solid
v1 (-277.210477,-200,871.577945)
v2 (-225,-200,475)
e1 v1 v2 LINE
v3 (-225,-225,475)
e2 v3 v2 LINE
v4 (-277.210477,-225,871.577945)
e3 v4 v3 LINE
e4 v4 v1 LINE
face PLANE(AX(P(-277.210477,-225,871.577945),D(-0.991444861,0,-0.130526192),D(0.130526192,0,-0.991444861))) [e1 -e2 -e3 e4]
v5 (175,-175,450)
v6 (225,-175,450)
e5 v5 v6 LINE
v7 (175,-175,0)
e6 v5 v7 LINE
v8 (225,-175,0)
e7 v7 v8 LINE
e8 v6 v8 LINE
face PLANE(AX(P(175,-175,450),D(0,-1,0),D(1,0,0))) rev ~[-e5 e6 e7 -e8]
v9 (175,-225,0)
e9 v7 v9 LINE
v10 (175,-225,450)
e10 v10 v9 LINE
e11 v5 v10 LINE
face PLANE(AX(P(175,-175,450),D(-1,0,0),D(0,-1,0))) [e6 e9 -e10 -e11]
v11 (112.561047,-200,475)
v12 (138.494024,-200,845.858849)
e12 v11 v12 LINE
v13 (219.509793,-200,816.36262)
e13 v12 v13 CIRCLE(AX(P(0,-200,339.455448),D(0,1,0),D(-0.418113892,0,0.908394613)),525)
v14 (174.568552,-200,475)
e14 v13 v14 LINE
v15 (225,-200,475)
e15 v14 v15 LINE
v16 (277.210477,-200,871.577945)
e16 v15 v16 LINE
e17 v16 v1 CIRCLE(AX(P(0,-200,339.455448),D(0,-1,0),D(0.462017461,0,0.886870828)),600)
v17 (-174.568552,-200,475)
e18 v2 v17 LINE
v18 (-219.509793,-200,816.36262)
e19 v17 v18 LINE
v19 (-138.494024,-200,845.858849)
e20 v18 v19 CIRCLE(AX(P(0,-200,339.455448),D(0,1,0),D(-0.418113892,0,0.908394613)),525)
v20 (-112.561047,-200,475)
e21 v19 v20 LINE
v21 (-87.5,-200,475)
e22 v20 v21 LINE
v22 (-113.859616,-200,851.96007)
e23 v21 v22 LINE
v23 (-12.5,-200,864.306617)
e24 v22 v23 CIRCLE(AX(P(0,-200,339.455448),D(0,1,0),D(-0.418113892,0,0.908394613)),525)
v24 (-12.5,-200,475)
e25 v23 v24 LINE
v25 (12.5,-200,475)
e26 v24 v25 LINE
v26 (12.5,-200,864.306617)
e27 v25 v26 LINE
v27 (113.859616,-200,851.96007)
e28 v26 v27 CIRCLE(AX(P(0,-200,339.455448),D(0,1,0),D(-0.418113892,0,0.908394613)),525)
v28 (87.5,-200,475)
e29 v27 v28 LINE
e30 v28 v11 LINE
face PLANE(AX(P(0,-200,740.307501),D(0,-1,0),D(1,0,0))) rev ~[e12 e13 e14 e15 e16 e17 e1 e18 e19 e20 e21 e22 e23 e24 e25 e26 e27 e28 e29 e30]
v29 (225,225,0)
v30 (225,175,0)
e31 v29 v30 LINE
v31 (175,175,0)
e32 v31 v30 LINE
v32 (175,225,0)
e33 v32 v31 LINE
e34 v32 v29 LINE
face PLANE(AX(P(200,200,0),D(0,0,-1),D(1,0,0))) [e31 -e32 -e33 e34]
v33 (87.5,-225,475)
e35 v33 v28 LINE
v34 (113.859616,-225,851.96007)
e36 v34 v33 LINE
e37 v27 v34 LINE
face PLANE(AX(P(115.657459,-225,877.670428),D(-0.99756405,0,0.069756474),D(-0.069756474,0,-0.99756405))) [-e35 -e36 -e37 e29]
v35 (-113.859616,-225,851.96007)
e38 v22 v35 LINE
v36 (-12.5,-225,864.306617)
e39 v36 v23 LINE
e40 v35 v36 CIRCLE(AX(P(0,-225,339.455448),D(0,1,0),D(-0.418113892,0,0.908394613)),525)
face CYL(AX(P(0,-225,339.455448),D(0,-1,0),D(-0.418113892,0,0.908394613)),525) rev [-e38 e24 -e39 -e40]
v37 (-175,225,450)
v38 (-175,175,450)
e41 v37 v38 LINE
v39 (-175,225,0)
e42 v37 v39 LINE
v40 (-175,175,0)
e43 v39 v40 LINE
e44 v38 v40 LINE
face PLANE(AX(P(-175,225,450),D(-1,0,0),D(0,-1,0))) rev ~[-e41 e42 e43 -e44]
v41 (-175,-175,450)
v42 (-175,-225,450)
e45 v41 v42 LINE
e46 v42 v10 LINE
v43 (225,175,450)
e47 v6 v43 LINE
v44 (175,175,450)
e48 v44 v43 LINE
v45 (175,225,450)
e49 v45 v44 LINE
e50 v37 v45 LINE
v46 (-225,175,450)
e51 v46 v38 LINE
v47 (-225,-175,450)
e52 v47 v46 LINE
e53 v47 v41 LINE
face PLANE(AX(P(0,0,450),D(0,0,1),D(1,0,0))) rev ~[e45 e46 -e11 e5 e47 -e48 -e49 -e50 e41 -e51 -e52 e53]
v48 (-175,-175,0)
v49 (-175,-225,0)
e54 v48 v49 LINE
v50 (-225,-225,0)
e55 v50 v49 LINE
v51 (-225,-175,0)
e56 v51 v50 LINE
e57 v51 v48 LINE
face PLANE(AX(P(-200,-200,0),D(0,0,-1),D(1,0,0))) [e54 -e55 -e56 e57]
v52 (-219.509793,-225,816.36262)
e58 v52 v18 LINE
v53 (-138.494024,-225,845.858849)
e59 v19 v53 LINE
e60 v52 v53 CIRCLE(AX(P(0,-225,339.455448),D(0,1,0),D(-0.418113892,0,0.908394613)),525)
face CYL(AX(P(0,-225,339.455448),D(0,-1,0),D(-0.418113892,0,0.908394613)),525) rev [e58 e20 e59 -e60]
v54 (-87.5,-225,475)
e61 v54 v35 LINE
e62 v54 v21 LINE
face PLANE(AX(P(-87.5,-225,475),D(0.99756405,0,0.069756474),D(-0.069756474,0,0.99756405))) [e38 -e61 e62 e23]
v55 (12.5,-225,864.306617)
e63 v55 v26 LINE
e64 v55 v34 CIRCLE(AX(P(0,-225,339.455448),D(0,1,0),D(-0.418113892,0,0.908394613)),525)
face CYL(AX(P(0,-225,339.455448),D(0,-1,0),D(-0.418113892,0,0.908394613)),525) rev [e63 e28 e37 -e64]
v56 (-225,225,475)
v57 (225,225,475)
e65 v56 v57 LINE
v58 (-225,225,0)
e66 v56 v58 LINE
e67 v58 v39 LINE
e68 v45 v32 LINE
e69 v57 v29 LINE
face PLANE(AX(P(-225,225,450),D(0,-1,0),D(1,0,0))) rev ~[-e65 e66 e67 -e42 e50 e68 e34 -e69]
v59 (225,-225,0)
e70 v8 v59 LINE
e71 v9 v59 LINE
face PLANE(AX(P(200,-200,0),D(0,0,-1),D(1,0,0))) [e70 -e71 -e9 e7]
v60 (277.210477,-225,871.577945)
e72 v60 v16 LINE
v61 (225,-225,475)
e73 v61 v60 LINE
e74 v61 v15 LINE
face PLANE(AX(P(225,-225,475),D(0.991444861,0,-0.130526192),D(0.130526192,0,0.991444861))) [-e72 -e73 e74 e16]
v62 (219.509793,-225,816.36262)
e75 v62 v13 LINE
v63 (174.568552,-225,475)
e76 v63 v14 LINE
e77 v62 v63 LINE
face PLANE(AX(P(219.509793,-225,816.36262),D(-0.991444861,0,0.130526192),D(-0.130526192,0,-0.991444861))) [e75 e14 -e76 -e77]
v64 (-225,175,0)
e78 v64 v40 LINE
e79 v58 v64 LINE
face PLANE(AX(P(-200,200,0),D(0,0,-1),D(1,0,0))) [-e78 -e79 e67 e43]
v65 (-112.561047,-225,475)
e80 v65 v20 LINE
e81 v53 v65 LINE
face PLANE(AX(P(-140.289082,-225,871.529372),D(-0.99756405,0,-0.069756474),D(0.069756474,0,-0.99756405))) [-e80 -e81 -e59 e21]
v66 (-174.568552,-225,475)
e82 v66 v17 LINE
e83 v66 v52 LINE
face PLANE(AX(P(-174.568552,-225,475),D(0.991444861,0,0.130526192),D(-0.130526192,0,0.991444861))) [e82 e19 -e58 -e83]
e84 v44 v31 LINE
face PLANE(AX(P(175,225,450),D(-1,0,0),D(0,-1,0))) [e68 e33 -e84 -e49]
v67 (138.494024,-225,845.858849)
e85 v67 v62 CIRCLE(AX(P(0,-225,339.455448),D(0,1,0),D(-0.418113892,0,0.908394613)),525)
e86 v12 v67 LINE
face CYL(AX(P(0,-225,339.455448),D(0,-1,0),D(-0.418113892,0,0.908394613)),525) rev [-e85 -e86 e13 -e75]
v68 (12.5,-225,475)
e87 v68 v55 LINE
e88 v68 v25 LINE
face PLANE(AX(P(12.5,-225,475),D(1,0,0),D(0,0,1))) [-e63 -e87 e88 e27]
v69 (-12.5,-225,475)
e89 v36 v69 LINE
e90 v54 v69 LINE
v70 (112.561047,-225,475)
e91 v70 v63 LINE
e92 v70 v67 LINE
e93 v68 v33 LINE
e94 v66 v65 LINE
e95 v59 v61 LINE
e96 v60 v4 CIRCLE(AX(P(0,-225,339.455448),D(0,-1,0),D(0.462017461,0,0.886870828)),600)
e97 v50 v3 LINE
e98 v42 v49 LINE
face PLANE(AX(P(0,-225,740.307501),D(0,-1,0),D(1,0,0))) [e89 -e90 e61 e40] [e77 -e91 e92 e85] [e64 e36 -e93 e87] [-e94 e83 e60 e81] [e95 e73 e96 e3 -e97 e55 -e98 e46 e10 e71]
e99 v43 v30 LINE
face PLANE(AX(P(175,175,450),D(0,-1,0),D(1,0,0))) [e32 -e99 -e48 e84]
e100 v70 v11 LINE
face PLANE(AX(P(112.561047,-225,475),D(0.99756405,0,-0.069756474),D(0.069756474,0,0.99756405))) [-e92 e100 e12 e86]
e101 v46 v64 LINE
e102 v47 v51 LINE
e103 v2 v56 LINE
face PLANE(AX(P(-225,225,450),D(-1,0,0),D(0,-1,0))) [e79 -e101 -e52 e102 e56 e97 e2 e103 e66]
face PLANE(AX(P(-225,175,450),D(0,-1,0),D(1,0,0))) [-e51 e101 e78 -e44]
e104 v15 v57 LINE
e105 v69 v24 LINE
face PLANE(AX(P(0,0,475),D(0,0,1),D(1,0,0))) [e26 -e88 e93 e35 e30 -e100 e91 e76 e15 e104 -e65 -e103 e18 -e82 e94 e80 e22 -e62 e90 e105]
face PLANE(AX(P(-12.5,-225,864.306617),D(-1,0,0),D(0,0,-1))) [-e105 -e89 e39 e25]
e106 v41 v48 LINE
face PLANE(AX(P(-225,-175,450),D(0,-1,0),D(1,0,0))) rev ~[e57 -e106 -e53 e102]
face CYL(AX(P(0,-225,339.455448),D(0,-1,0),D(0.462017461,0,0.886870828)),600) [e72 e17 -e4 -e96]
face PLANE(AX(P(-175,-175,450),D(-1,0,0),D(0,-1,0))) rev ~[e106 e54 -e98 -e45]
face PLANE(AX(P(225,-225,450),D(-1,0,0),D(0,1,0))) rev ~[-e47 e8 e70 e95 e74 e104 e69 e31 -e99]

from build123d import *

# Parameters (mm, degrees)
F1_W     = 450
F1_H     = 450
F2_DEPTH = 25
F3_W     = 50
F3_H     = 50
F4_DEPTH = 450
F6_DEPTH = 25
F8_DEPTH = 25


with BuildPart() as f2:
    # F1 (on offset) → F2 (new body)
    with BuildSketch(Plane.XY.offset(450)):
        Rectangle(F1_W, F1_H)
    extrude(amount=F2_DEPTH)

    # F3 (on face) → F4 (join, through all)
    with BuildSketch(Plane(origin=(0, 0, 450), x_dir=(1, 0, 0), z_dir=(0, 0, -1))):
        with Locations((-200, -200)):
            Rectangle(F3_W, F3_H)
        with Locations((-200, 200)):
            Rectangle(F3_W, F3_H)
        with Locations((200, -200)):
            Rectangle(F3_W, F3_H)
        with Locations((200, 200)):
            Rectangle(F3_W, F3_H)
    extrude(amount=F4_DEPTH)

    # F5 (on face) → F6 (join)
    with BuildSketch(Plane.XZ.offset(225)):
        with BuildLine():
            Line((-277.210476888, 871.5779445495), (-225, 475))
            Line((-225, 475), (-174.568551971, 475))
            Line((-174.568551971, 475), (-219.5097934393, 816.3626197141))
            ThreePointArc((-219.5097934393, 816.3626197141), (0, 864.4554478408), (219.5097934393, 816.3626197141))
            Line((219.5097934393, 816.3626197141), (174.568551971, 475))
            Line((174.568551971, 475), (225, 475))
            Line((225, 475), (277.210476888, 871.5779445495))
            ThreePointArc((277.210476888, 871.5779445495), (0, 939.4554478408), (-277.210476888, 871.5779445495))
        make_face()
    extrude(amount=-F6_DEPTH)

    # F7 (on face) → F8 (join)
    with BuildSketch(Plane.XZ.offset(225)):
        with BuildLine():
            ThreePointArc((12.5, 864.3066172212), (0, 864.4554478408), (-12.5, 864.3066172212))
            Line((-12.5, 864.3066172212), (-12.5, 475))
            Line((-12.5, 475), (12.5, 475))
            Line((12.5, 475), (12.5, 864.3066172212))
        make_face()
        with BuildLine():
            Line((-140.2890822889, 871.5293721566), (-112.561047452, 475))
            Line((-112.561047452, 475), (-87.5, 475))
            Line((-87.5, 475), (-115.6574592783, 877.6704277765))
            ThreePointArc((-115.6574592783, 877.6704277765), (-127.9664582867, 874.5725752089), (-140.2890822889, 871.5293721566))
        make_face()
        with BuildLine():
            Line((87.5, 475), (112.561047452, 475))
            Line((112.561047452, 475), (140.2890822889, 871.5293721566))
            ThreePointArc((140.2890822889, 871.5293721566), (127.9664582867, 874.5725752089), (115.6574592783, 877.6704277765))
            Line((115.6574592783, 877.6704277765), (87.5, 475))
        make_face()
    extrude(amount=-F8_DEPTH)


solid = f2.part
